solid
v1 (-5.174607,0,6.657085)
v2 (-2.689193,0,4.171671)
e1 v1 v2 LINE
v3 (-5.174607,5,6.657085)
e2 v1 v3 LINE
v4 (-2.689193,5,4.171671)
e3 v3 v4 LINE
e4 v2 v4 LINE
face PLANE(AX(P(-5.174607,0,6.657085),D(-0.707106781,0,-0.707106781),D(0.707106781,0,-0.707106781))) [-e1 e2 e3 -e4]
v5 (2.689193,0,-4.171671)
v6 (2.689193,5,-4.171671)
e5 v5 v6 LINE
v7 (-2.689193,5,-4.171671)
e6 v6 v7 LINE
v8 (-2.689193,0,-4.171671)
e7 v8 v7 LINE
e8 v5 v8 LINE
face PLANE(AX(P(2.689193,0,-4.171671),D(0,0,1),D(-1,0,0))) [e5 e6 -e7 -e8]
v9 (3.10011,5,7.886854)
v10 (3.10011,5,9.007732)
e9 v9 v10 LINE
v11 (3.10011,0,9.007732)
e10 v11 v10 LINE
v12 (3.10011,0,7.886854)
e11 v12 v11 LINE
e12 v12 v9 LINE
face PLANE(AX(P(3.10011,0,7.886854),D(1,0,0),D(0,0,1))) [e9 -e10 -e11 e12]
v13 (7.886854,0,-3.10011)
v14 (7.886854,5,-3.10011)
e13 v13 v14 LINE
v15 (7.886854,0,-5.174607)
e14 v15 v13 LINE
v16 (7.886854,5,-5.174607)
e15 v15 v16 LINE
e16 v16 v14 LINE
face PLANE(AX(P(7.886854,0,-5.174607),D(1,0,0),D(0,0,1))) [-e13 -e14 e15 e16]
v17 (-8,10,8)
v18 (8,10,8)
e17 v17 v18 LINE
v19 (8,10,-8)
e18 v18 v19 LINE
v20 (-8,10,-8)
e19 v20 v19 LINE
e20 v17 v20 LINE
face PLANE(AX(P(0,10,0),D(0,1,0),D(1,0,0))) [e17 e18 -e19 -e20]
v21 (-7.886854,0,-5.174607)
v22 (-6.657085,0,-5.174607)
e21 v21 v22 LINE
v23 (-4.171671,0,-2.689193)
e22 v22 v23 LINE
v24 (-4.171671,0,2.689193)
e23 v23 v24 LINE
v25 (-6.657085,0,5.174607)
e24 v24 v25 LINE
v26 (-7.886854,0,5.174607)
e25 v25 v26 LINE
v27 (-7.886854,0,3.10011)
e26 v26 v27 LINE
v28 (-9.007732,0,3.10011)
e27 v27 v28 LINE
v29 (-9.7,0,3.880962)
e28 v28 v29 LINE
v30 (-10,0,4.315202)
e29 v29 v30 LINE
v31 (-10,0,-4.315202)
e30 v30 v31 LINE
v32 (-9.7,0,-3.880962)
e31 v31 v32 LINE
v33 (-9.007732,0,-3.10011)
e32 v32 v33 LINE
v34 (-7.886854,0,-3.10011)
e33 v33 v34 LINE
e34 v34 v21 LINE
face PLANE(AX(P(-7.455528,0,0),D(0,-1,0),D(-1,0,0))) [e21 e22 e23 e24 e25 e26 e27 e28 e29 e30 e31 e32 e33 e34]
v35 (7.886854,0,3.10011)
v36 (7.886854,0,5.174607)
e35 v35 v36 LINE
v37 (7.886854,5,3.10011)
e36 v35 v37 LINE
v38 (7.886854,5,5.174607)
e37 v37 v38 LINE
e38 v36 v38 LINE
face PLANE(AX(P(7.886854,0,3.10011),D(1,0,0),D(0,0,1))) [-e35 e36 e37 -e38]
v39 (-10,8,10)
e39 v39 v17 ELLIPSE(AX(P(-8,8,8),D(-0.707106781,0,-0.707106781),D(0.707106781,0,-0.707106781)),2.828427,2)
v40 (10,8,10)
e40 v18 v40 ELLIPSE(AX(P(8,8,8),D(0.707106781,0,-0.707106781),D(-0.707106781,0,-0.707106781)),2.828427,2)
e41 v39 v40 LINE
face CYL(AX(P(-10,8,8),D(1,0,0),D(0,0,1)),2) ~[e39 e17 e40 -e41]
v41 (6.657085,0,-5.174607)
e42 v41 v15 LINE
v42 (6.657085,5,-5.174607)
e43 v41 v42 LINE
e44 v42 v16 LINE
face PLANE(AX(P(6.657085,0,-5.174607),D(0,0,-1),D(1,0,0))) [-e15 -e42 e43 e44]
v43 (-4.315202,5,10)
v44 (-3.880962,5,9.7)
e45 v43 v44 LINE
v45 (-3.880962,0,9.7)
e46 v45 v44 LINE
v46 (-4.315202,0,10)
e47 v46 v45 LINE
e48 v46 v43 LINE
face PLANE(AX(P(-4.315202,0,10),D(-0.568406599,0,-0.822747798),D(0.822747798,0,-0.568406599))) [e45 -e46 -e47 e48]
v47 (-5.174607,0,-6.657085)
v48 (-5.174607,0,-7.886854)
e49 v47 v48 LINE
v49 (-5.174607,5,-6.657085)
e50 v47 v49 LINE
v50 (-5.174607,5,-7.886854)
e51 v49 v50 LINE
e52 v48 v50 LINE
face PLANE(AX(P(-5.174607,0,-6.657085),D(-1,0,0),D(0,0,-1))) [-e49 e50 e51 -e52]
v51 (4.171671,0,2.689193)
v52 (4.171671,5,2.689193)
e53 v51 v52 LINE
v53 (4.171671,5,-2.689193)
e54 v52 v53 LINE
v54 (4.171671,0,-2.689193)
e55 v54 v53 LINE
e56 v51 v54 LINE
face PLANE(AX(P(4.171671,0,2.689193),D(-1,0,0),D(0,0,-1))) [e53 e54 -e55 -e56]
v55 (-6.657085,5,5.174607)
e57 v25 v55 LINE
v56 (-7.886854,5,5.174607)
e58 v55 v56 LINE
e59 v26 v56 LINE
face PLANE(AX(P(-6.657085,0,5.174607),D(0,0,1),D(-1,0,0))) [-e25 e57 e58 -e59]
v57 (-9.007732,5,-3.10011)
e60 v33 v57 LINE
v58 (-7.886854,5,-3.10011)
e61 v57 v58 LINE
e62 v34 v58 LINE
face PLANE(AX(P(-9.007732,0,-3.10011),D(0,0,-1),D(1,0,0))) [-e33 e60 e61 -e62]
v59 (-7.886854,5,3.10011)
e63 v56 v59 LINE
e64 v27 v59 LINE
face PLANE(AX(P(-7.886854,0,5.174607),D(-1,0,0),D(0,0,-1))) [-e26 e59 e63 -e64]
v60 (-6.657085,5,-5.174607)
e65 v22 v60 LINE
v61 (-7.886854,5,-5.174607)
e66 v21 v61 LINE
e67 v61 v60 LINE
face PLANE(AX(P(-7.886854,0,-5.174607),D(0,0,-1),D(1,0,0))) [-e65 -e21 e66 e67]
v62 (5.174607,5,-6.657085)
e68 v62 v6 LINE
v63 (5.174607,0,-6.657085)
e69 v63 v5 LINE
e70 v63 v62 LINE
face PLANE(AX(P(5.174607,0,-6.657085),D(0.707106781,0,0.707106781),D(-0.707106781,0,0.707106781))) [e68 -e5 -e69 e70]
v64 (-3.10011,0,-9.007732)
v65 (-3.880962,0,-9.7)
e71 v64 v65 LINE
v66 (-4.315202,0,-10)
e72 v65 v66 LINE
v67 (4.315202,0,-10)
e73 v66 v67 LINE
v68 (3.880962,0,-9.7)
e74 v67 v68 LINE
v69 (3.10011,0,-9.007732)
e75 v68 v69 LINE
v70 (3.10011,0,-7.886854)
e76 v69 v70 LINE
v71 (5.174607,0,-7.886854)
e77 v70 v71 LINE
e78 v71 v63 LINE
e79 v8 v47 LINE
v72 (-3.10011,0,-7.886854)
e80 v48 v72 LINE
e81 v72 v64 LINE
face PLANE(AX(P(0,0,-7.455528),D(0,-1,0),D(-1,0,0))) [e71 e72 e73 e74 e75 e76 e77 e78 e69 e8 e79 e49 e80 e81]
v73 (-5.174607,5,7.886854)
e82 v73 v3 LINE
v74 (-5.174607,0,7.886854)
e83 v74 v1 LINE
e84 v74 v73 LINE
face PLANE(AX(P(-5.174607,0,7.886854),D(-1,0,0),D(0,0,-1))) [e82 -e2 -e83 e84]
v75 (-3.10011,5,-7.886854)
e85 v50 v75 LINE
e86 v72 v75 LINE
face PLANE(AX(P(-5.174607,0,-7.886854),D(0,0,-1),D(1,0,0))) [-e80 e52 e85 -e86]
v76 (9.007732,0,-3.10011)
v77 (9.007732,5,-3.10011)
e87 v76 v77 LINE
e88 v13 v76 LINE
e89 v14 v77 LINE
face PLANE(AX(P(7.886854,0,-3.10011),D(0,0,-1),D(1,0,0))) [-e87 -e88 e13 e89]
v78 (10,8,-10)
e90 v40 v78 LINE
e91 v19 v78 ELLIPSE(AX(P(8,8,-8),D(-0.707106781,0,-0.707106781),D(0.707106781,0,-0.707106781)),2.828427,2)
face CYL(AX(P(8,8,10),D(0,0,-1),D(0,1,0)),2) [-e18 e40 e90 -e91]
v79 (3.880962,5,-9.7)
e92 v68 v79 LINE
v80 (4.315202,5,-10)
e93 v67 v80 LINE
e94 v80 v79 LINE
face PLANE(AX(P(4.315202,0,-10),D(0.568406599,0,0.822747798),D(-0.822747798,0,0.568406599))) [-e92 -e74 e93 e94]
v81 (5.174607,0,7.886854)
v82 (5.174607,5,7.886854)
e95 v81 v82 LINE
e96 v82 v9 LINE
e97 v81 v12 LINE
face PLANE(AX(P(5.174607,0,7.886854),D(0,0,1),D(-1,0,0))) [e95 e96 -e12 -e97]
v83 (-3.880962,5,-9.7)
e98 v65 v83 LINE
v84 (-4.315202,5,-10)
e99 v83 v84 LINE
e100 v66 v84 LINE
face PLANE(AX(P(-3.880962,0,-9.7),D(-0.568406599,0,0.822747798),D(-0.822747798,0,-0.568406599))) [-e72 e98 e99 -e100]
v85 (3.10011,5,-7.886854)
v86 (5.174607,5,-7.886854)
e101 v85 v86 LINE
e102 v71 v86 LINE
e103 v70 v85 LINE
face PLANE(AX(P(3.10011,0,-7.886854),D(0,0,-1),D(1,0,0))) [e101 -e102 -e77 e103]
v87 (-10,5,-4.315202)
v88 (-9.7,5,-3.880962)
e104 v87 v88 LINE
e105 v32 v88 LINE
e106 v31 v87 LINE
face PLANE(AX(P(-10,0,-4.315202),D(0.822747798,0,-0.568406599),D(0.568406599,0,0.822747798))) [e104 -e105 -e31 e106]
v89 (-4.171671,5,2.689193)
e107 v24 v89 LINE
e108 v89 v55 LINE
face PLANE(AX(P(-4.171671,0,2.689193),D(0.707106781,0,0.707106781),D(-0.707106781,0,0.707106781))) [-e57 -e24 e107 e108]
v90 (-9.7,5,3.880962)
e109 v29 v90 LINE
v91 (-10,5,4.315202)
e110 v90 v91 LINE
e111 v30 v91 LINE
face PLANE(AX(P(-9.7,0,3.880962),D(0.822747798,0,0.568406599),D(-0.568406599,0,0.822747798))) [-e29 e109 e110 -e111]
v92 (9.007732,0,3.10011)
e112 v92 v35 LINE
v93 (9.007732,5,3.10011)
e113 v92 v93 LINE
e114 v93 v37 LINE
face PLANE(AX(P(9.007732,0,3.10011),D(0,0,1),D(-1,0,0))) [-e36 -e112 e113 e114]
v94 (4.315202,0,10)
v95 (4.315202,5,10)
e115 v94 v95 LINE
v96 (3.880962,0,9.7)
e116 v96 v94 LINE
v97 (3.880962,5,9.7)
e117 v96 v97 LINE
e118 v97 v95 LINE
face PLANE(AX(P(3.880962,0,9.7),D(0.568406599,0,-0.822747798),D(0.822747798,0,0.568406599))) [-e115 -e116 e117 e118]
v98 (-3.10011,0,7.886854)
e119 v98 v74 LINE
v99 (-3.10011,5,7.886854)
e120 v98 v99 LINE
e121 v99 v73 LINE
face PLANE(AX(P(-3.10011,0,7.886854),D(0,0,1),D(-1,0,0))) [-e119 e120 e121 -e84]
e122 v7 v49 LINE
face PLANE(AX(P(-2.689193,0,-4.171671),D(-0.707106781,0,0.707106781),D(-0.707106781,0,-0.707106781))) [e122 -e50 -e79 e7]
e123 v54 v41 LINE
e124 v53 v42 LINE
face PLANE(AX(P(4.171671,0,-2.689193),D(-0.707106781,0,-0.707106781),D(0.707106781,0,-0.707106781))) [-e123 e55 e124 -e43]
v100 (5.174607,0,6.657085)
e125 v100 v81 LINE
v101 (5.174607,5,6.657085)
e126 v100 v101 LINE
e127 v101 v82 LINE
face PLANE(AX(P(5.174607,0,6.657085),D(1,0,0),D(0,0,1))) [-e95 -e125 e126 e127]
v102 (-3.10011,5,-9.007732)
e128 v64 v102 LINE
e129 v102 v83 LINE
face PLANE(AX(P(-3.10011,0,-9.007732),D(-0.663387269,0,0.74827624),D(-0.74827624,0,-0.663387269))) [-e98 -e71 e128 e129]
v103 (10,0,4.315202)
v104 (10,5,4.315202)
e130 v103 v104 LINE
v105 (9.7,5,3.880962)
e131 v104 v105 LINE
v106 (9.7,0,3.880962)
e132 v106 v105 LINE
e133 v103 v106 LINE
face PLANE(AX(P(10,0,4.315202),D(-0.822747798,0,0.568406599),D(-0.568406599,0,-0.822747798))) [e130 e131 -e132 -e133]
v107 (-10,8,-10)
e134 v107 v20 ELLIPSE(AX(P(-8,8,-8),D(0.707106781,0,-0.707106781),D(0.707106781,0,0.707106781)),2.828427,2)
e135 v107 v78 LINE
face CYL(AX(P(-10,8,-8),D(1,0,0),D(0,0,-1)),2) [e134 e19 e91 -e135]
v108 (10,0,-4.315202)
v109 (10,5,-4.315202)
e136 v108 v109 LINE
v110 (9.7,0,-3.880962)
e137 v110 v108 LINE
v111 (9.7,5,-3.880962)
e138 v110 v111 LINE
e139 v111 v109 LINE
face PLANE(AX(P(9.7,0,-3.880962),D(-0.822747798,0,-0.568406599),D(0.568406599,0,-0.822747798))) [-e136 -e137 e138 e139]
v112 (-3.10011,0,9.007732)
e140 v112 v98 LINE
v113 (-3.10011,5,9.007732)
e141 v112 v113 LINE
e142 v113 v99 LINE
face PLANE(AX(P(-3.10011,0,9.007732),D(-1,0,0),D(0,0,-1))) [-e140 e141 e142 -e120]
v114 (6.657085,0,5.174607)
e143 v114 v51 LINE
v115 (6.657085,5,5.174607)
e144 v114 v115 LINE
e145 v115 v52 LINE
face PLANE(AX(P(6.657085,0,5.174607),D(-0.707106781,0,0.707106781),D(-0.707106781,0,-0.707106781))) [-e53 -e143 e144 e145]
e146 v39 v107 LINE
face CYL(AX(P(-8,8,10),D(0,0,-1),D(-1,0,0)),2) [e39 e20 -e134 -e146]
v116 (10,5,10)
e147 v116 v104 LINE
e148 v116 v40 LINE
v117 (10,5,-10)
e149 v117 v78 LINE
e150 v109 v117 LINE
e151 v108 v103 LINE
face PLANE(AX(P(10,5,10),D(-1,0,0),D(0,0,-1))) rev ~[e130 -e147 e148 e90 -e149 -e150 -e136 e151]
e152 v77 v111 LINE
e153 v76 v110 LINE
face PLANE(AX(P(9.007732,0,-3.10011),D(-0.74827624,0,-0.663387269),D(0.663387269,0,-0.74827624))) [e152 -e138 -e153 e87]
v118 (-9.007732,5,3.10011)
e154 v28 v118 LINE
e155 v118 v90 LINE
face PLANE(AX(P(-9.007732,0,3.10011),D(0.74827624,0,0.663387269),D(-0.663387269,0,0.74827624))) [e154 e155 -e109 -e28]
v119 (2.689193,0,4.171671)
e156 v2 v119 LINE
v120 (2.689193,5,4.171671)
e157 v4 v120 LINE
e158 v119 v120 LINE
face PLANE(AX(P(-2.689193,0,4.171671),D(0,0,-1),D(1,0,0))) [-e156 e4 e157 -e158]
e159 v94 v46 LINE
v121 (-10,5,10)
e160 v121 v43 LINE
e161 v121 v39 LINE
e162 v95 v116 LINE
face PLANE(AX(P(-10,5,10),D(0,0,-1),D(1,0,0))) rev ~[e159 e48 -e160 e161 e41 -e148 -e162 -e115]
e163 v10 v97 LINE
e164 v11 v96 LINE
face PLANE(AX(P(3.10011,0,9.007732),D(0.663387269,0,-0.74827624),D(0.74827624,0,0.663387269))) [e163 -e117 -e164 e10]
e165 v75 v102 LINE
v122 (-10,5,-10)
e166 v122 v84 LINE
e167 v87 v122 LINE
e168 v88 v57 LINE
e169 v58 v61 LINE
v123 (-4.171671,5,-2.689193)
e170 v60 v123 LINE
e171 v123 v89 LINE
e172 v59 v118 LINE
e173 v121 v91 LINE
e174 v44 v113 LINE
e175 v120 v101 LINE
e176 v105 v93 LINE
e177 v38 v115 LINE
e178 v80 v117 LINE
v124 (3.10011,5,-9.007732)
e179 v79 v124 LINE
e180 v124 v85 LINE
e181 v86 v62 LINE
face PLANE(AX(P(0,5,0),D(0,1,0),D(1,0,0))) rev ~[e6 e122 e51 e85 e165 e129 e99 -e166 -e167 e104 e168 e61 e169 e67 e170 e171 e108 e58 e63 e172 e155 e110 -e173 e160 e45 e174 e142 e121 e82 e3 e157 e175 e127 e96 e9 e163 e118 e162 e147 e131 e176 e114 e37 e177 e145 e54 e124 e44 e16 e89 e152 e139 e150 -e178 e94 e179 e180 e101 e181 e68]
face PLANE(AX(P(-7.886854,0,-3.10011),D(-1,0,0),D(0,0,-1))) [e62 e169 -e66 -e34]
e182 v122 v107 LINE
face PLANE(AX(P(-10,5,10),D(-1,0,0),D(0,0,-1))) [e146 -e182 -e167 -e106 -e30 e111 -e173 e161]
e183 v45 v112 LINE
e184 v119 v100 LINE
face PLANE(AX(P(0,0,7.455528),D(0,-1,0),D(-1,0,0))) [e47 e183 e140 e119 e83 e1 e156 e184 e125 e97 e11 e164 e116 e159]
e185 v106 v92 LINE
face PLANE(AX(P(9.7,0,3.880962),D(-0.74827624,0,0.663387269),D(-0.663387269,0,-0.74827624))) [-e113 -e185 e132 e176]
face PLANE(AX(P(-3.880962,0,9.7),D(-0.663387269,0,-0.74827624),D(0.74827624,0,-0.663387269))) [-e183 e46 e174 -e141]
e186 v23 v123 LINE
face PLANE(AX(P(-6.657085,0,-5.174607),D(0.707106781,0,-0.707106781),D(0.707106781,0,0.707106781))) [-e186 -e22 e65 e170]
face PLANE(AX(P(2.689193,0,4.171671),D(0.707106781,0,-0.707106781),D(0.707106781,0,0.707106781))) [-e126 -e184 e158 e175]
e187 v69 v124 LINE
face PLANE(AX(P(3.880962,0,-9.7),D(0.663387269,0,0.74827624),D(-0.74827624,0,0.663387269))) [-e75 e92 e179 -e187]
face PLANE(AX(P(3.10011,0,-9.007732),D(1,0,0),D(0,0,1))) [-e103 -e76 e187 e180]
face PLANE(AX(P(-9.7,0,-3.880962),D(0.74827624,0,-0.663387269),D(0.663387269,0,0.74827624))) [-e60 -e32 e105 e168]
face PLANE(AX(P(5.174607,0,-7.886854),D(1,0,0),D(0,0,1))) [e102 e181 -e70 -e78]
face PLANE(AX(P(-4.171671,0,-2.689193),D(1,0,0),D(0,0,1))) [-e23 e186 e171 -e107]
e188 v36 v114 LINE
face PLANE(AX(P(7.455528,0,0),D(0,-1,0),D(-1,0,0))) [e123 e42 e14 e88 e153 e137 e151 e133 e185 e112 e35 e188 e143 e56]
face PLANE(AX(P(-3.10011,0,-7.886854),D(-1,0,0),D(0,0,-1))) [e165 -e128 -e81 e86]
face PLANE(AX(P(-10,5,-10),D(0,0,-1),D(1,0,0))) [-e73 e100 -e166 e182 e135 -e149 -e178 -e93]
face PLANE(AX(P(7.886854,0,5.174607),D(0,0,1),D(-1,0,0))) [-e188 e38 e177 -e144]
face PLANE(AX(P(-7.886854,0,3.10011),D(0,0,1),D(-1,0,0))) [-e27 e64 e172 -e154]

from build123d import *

# Parameters (mm, degrees)
SALIENTE_EXTRUIR1_DEPTH   = 5
SALIENTE_EXTRUIR1_2_DEPTH = 5
SALIENTE_EXTRUIR1_3_DEPTH = 5
SALIENTE_EXTRUIR1_4_DEPTH = 5
CROQUIS3_W                = 20
CROQUIS3_H                = 20
SALIENTE_EXTRUIR2_DEPTH   = 5
REDONDEO1_R               = 2


with BuildPart() as part:
    # Croquis2 → Saliente-Extruir1 (new body)
    with BuildSketch(Plane(origin=(0, 0, 0), x_dir=(1, 0, 0), z_dir=(0, 1, 0))):
        Polygon((-3.880962474, 9.7), (-4.31520152, 10), (4.31520152, 10), (3.880962474, 9.7), (3.100109842, 9.007732001), (3.100109842, 7.886854264), (5.174607071, 7.886854264), (5.174607071, 6.657084853), (2.689193029, 4.171670811), (-2.689193029, 4.171670811), (-5.174607071, 6.657084853), (-5.174607071, 7.886854264), (-3.100109842, 7.886854264), (-3.100109842, 9.007732001), align=None)
    extrude(amount=SALIENTE_EXTRUIR1_DEPTH)



with BuildPart() as body_2:
    # Croquis2 → Saliente-Extruir1 2 (new body)
    with BuildSketch(Plane(origin=(0, 0, 0), x_dir=(1, 0, 0), z_dir=(0, 1, 0))):
        Polygon((10, 4.31520152), (10, -4.31520152), (9.7, -3.880962474), (9.007732001, -3.100109842), (7.886854264, -3.100109842), (7.886854264, -5.174607071), (6.657084853, -5.174607071), (4.171670811, -2.689193029), (4.171670811, 2.689193029), (6.657084853, 5.174607071), (7.886854264, 5.174607071), (7.886854264, 3.100109842), (9.007732001, 3.100109842), (9.7, 3.880962474), align=None)
    extrude(amount=SALIENTE_EXTRUIR1_2_DEPTH)


with BuildPart() as body_3:
    # Croquis2 → Saliente-Extruir1 3 (new body)
    with BuildSketch(Plane(origin=(0, 0, 0), x_dir=(1, 0, 0), z_dir=(0, 1, 0))):
        Polygon((4.31520152, -10), (-4.31520152, -10), (-3.880962474, -9.7), (-3.100109842, -9.007732001), (-3.100109842, -7.886854264), (-5.174607071, -7.886854264), (-5.174607071, -6.657084853), (-2.689193029, -4.171670811), (2.689193029, -4.171670811), (5.174607071, -6.657084853), (5.174607071, -7.886854264), (3.100109842, -7.886854264), (3.100109842, -9.007732001), (3.880962474, -9.7), align=None)
    extrude(amount=SALIENTE_EXTRUIR1_3_DEPTH)


with BuildPart() as body_4:
    # Croquis2 → Saliente-Extruir1 4 (new body)
    with BuildSketch(Plane(origin=(0, 0, 0), x_dir=(1, 0, 0), z_dir=(0, 1, 0))):
        Polygon((-10, -4.31520152), (-10, 4.31520152), (-9.7, 3.880962474), (-9.007732001, 3.100109842), (-7.886854264, 3.100109842), (-7.886854264, 5.174607071), (-6.657084853, 5.174607071), (-4.171670811, 2.689193029), (-4.171670811, -2.689193029), (-6.657084853, -5.174607071), (-7.886854264, -5.174607071), (-7.886854264, -3.100109842), (-9.007732001, -3.100109842), (-9.7, -3.880962474), align=None)
    extrude(amount=SALIENTE_EXTRUIR1_4_DEPTH)


with BuildPart() as part_1:
    add(part.part)

    add(body_2.part)  # Saliente-Extruir2 merges body 2

    add(body_3.part)  # Saliente-Extruir2 merges body 3

    add(body_4.part)  # Saliente-Extruir2 merges body 4
    # Croquis3 → Saliente-Extruir2 (add)
    with BuildSketch(Plane(origin=(0, 5, 0), x_dir=(1, 0, 0), z_dir=(0, 1, 0))):
        Rectangle(CROQUIS3_W, CROQUIS3_H)
    extrude(amount=SALIENTE_EXTRUIR2_DEPTH)

    # Redondeo1
    redondeo1_edges = [part_1.edges().sort_by_distance(p)[0] for p in [
        (10, 10, 0),
        (0, 10, -10),
        (-10, 10, 0),
        (0, 10, 10),
    ]]
    fillet(redondeo1_edges, radius=REDONDEO1_R)


solid = part_1.part
